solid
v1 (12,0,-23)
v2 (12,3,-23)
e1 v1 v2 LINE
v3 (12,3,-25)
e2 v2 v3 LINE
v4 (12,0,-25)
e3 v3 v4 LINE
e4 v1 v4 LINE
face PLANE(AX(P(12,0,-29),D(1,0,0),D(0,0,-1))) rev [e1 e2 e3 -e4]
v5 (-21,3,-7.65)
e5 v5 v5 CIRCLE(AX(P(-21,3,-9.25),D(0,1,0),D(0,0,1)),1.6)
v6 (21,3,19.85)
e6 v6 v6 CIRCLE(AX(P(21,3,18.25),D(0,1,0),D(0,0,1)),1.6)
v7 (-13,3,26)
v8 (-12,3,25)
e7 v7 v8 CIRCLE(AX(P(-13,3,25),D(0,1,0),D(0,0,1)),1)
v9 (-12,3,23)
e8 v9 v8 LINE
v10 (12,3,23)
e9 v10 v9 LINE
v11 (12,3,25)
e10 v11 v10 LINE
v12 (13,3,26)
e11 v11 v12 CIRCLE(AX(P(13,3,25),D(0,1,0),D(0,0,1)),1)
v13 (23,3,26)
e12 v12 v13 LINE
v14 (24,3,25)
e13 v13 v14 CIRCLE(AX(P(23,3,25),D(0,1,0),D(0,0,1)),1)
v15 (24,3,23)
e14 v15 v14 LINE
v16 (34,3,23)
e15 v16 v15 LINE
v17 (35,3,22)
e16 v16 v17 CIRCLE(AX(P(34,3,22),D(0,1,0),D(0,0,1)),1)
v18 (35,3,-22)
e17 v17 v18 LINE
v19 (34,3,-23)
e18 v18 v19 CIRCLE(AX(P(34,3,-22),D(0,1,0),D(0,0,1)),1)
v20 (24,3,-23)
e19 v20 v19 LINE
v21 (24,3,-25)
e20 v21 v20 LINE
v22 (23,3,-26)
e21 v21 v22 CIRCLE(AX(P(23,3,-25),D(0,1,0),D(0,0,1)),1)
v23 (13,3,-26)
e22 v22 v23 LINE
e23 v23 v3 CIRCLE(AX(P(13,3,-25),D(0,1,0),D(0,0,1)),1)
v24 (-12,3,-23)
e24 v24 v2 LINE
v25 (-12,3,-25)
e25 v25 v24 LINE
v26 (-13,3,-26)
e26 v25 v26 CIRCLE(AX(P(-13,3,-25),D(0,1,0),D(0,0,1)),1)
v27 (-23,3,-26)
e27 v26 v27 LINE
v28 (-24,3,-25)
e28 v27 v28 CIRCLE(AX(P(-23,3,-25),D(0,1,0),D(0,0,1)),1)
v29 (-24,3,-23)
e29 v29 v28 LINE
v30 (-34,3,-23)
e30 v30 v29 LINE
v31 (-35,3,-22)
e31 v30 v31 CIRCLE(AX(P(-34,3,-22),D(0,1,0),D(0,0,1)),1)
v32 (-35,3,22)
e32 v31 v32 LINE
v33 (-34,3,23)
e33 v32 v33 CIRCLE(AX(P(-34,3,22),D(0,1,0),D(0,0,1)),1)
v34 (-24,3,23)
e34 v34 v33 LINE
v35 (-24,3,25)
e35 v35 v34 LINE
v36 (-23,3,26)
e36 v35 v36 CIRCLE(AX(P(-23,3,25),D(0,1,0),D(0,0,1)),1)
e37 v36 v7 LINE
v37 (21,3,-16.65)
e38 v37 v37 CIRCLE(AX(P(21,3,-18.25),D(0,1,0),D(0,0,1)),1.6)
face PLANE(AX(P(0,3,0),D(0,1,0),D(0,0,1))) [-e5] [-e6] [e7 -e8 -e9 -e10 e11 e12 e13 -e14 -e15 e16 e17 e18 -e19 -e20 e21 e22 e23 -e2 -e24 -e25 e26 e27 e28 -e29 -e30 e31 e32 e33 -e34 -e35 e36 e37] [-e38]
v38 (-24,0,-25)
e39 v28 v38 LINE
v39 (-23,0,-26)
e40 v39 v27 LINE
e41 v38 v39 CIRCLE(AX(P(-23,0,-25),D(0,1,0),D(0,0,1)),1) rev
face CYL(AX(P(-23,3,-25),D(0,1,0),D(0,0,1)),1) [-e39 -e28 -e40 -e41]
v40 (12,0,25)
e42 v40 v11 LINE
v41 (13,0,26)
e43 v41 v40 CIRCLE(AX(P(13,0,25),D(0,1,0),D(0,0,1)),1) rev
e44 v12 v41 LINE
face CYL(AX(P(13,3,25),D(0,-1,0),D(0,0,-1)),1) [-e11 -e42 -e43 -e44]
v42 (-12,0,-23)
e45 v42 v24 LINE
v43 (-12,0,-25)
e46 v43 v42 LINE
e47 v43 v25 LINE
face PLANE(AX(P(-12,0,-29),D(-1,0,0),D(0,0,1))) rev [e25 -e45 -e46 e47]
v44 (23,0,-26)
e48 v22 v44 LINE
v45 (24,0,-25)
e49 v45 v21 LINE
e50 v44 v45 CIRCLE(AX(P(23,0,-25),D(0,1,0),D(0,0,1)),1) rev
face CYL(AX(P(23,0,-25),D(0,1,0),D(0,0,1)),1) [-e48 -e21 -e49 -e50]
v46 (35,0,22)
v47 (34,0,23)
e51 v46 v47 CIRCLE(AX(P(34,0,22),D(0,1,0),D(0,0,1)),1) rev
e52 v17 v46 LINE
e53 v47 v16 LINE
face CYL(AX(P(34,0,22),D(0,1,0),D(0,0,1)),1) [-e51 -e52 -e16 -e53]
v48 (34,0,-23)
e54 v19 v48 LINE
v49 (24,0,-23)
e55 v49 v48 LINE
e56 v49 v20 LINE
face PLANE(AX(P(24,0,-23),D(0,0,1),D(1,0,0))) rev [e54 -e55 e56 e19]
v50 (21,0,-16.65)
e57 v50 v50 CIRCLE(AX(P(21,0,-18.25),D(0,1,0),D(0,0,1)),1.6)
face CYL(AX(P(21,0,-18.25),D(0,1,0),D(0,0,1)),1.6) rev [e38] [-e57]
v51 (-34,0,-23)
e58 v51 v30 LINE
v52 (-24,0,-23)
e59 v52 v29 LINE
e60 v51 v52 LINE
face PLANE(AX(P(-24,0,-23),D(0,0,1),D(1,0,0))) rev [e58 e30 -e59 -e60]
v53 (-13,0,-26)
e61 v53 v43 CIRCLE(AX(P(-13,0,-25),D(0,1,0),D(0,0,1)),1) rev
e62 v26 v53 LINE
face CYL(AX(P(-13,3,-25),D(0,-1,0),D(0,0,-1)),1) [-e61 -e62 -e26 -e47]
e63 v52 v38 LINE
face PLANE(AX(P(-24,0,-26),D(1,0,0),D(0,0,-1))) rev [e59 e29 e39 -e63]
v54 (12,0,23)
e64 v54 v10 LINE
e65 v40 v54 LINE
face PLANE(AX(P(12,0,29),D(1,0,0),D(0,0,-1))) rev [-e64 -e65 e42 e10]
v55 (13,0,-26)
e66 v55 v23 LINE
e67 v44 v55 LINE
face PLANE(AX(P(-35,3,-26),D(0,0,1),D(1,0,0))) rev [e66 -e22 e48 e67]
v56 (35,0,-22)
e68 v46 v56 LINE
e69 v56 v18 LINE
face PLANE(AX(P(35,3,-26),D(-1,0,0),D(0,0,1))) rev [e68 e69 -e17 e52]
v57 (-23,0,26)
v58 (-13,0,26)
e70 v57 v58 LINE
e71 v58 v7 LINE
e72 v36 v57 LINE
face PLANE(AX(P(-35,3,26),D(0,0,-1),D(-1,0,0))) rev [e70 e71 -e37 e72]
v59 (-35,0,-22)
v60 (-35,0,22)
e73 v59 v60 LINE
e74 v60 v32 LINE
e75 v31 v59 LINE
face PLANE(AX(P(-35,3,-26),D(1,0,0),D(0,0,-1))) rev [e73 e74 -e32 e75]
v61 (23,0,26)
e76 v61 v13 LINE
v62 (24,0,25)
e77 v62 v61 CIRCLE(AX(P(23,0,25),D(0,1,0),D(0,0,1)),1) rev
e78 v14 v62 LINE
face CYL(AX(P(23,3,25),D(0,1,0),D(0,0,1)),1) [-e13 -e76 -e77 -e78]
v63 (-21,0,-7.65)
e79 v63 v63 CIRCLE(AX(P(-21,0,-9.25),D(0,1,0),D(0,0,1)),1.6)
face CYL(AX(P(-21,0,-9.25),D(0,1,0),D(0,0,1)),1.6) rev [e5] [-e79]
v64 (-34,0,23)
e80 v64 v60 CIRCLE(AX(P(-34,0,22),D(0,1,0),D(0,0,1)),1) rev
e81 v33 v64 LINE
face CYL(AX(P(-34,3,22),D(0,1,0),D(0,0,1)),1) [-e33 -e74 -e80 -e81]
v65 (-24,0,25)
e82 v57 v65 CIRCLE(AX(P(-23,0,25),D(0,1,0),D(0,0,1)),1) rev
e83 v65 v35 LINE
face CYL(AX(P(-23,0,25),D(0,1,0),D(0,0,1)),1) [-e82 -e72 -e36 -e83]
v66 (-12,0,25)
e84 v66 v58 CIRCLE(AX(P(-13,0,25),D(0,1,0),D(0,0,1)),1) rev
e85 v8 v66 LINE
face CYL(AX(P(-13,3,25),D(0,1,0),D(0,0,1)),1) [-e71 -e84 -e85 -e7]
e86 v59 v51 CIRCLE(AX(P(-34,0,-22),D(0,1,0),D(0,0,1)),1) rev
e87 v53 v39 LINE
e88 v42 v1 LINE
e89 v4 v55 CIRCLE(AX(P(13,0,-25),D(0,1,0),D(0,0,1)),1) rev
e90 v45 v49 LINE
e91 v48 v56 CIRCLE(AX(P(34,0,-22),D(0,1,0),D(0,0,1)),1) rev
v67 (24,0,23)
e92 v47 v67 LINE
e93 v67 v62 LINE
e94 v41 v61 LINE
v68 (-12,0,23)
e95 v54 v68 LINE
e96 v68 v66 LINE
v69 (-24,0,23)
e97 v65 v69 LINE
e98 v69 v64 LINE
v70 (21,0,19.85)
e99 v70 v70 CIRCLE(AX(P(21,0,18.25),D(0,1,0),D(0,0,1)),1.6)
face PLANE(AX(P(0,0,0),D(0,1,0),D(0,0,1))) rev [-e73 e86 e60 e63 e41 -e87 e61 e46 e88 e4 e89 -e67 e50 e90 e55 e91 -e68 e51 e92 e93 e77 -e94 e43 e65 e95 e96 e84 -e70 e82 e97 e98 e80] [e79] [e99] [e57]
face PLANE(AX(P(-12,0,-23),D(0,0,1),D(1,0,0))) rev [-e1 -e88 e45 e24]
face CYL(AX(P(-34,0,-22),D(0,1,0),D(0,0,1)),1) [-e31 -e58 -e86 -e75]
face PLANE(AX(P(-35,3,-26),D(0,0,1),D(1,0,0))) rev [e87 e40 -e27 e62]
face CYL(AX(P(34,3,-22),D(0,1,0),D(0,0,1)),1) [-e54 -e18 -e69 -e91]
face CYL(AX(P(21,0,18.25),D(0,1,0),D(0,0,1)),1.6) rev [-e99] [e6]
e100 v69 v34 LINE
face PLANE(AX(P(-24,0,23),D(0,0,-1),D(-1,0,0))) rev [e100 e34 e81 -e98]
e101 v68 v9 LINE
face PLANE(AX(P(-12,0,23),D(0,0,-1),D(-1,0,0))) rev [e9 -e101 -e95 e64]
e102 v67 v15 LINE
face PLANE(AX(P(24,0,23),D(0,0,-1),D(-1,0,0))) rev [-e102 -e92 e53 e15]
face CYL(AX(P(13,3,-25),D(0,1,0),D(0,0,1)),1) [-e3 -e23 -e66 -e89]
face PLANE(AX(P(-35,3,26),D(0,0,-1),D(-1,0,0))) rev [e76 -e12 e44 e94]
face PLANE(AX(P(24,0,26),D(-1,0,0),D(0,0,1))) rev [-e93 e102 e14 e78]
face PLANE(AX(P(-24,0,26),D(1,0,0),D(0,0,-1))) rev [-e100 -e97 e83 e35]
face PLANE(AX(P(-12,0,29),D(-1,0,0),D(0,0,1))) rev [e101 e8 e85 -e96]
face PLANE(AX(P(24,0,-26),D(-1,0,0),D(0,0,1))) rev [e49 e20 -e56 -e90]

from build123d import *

# Parameters (mm, degrees)
SKETCH_1_W          = 70
SKETCH_1_H          = 52
EXTRUDE_1_DEPTH     = 3
SKETCH_2_R          = 1.6
SKETCH_2_W          = 24
SKETCH_2_H          = 6
SKETCH_2_W_2        = 11
SKETCH_2_H_2        = 3
CUT_EXTRUDE_1_DEPTH = 4
FILLET_1_R          = 1


with BuildPart() as part:
    # 草图1 → 凸台-拉伸1 (new body)
    with BuildSketch(Plane(origin=(0, 0, 0), x_dir=(1, 0, 0), z_dir=(0, 1, 0))):
        Rectangle(SKETCH_1_W, SKETCH_1_H)
    extrude(amount=EXTRUDE_1_DEPTH)

    # 草图2 → 切除-拉伸1 (cut, through all)
    with BuildSketch(Plane(origin=(0, 3, 0), x_dir=(1, 0, 0), z_dir=(0, 1, 0))):
        with Locations((-21, 9.25)):
            Circle(SKETCH_2_R)
        with Locations((21, 18.25)):
            Circle(SKETCH_2_R)
        with Locations((21, -18.25)):
            Circle(SKETCH_2_R)
        with Locations((0, 26)):
            Rectangle(SKETCH_2_W, SKETCH_2_H)
        with Locations((-29.5, 24.5)):
            Rectangle(SKETCH_2_W_2, SKETCH_2_H_2)
        with Locations((29.5, 24.5)):
            Rectangle(SKETCH_2_W_2, SKETCH_2_H_2)
        with Locations((-29.5, -24.5)):
            Rectangle(SKETCH_2_W_2, SKETCH_2_H_2)
        with Locations((29.5, -24.5)):
            Rectangle(SKETCH_2_W_2, SKETCH_2_H_2)
        with Locations((0, -26)):
            Rectangle(SKETCH_2_W, SKETCH_2_H)
    extrude(amount=-CUT_EXTRUDE_1_DEPTH, mode=Mode.SUBTRACT)

    # 圆角1
    fillet_1_edges = [part.edges().sort_by_distance(p)[0] for p in [
        (12, 1.5, -26),
        (-12, 1.5, -26),
        (-35, 1.5, -23),
        (-24, 1.5, -26),
        (35, 1.5, -23),
        (24, 1.5, -26),
        (-35, 1.5, 23),
        (-24, 1.5, 26),
        (35, 1.5, 23),
        (24, 1.5, 26),
        (-12, 1.5, 26),
        (12, 1.5, 26),
    ]]
    fillet(fillet_1_edges, radius=FILLET_1_R)


solid = part.part
